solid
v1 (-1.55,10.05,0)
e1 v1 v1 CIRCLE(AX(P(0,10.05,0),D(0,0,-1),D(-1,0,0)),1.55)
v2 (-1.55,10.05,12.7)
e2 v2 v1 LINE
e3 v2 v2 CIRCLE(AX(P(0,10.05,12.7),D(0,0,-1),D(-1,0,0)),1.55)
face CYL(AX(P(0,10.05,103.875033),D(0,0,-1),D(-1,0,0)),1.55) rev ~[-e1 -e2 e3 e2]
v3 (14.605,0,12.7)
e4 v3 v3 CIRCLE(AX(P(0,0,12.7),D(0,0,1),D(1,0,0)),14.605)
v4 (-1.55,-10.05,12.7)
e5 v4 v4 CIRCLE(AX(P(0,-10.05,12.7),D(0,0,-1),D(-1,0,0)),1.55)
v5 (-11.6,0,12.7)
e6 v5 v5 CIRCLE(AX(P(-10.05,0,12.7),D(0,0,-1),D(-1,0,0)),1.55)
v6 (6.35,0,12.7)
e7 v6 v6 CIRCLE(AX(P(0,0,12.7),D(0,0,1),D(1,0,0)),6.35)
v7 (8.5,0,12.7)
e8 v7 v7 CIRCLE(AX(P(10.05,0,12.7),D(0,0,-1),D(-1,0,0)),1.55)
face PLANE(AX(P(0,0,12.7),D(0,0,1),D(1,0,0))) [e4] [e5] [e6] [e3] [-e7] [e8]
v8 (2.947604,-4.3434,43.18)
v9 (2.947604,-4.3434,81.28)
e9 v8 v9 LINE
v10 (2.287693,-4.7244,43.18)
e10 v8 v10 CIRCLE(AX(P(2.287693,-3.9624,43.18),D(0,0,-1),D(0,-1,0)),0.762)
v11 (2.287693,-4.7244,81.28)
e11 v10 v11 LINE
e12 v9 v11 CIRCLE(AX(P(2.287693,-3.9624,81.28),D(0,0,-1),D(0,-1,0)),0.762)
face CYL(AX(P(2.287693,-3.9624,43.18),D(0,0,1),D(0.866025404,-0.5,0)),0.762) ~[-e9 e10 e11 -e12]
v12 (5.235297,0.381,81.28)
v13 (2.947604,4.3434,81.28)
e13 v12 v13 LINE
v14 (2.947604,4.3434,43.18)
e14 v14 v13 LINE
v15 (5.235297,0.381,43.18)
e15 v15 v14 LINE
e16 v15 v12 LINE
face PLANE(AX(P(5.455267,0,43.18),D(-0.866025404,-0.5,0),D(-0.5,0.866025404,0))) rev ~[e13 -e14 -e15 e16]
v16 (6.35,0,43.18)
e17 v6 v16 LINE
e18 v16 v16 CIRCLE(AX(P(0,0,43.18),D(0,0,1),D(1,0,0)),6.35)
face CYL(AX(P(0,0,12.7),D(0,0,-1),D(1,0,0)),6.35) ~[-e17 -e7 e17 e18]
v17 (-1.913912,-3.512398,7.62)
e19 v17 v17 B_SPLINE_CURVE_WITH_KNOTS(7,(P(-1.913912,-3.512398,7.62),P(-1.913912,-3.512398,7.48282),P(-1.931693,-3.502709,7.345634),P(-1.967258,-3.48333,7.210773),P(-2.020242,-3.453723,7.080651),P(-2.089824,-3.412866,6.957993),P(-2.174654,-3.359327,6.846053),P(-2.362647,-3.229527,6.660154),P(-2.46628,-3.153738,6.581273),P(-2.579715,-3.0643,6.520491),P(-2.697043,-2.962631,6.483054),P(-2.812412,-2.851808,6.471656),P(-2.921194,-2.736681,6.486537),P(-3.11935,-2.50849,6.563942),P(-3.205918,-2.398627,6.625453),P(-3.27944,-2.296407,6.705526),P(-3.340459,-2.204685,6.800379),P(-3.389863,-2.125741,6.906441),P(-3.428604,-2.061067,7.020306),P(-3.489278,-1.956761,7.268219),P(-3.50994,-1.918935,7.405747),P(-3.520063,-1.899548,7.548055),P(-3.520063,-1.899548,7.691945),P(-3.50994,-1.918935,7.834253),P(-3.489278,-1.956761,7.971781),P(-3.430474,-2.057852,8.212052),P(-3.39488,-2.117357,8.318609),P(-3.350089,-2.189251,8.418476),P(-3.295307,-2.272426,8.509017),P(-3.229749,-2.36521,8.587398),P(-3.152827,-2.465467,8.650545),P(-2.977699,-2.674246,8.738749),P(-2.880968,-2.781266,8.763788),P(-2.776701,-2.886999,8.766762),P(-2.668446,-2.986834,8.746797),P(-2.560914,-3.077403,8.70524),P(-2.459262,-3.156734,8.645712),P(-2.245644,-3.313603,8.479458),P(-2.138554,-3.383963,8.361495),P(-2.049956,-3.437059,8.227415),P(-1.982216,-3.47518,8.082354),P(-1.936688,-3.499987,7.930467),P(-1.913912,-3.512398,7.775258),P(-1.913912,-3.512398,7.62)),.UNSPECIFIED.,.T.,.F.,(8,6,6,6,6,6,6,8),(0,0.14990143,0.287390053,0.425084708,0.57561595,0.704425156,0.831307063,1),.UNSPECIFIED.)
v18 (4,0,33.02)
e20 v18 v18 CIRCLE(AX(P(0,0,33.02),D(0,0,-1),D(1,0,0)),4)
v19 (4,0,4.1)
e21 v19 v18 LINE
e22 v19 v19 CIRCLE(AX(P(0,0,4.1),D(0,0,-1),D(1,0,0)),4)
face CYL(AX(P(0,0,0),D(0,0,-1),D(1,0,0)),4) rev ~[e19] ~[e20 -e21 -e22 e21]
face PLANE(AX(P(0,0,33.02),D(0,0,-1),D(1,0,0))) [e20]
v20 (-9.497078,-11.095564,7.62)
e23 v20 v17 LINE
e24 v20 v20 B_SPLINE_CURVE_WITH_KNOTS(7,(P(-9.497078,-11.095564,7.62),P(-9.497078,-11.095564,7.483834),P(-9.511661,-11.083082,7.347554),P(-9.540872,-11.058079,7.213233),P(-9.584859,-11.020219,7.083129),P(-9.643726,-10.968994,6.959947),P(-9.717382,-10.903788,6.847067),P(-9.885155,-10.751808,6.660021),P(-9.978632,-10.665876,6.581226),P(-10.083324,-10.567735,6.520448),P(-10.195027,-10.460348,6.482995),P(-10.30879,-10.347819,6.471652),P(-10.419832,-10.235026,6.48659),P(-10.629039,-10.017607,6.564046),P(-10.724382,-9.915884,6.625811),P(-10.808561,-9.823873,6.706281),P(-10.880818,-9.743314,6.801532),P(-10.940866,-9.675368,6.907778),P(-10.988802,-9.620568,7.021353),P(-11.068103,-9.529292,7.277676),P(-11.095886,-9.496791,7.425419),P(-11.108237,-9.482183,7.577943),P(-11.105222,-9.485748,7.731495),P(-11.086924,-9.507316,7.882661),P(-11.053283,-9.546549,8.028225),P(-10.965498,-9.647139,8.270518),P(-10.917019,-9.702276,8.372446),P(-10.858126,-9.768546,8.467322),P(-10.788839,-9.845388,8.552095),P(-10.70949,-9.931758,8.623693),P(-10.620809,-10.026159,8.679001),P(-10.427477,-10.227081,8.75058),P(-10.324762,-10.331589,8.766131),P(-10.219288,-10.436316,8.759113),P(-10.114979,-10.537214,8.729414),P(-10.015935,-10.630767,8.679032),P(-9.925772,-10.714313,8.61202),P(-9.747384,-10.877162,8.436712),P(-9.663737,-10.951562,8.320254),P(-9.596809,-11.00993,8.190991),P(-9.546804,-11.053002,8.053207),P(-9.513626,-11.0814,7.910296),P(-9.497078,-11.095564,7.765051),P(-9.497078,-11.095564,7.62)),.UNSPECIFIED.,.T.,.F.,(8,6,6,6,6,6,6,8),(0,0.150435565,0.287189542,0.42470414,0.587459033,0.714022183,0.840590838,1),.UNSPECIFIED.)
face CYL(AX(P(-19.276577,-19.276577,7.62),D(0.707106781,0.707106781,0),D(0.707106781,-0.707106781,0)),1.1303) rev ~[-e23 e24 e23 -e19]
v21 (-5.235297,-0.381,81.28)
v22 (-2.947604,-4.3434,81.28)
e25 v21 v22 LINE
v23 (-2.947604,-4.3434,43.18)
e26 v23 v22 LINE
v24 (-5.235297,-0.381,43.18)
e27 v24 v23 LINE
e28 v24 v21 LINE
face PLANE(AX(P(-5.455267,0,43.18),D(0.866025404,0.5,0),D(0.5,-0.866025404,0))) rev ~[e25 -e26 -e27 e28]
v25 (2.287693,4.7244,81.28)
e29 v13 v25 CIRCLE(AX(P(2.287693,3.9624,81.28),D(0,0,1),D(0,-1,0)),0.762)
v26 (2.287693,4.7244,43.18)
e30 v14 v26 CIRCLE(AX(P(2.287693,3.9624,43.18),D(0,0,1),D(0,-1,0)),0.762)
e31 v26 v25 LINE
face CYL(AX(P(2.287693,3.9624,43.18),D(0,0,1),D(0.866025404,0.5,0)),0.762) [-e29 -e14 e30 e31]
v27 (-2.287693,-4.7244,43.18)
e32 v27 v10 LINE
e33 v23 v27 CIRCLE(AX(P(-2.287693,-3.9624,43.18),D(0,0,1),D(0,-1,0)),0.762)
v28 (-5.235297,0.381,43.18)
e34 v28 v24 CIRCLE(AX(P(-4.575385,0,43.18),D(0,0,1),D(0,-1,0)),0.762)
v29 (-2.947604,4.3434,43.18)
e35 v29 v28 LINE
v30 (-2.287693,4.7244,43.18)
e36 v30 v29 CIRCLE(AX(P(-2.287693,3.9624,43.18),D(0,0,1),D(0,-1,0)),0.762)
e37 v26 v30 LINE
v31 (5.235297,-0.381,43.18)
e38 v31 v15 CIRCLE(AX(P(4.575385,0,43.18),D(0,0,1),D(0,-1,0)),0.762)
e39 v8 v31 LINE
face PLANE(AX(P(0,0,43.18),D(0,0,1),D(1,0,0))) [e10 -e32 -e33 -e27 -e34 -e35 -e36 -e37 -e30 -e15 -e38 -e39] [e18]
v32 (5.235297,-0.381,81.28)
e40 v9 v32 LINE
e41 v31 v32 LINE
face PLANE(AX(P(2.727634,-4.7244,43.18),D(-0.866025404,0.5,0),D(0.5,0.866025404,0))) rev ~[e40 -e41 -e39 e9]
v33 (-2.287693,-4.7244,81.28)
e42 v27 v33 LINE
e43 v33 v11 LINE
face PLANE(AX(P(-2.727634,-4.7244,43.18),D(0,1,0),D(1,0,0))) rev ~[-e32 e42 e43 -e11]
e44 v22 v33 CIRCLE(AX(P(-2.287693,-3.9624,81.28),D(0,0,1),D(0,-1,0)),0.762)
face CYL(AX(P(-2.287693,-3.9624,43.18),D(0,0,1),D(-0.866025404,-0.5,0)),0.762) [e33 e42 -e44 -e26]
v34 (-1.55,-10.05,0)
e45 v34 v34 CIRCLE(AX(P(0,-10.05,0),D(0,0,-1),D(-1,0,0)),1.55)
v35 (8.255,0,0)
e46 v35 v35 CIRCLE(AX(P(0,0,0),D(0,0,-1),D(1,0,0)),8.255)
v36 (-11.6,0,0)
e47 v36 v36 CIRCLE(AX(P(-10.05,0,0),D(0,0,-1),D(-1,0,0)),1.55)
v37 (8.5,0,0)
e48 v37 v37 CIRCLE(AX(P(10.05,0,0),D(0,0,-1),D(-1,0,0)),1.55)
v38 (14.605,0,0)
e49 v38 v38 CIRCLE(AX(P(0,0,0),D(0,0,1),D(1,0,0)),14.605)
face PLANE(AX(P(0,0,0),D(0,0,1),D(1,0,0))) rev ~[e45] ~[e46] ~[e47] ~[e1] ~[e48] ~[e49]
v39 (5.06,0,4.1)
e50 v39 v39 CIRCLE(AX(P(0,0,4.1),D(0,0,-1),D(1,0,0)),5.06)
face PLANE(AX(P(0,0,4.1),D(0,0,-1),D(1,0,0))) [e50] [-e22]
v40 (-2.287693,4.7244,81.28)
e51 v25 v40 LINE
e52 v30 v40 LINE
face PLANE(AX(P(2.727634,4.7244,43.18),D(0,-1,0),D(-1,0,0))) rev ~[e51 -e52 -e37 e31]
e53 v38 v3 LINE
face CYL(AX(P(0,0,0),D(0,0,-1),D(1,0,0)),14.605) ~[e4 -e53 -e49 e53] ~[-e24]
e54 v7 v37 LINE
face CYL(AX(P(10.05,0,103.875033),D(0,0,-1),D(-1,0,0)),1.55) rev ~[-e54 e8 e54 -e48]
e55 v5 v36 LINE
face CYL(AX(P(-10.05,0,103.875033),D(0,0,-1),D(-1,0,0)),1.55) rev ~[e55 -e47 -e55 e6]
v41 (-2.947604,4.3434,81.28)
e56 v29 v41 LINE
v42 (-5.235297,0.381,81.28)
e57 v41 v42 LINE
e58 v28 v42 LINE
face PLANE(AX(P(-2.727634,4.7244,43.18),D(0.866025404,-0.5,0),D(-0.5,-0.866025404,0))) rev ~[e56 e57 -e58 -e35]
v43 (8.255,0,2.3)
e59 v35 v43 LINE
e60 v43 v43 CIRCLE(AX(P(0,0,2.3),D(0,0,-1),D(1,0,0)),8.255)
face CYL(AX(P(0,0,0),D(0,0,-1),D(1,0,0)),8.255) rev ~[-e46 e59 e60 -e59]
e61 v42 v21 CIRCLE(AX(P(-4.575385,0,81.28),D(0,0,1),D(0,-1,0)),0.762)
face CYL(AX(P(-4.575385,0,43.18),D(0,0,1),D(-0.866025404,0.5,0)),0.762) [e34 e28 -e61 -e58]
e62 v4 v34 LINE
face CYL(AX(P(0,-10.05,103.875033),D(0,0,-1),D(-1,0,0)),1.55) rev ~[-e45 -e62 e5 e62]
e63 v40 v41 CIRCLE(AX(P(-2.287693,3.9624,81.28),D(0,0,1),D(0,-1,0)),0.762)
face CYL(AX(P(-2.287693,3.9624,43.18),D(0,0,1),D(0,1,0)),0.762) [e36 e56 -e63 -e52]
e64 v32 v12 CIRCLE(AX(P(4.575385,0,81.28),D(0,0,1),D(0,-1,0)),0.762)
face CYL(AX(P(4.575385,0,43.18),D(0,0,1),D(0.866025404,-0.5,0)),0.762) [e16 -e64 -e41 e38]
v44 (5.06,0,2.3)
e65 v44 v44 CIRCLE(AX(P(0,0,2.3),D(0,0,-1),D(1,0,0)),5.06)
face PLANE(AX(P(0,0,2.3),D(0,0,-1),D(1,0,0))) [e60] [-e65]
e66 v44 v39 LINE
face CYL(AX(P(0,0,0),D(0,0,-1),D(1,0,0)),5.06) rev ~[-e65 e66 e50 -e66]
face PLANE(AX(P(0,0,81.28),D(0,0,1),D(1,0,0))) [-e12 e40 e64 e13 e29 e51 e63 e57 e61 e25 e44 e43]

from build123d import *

# Parameters (mm, degrees)
F0_R      = 14.605
F1_DEPTH  = 12.7
F2_R      = 6.35
F3_DEPTH  = 30.48
F5_DEPTH  = 38.1
F6_R      = 8.255
F7_DEPTH  = 2.3
F8_R      = 5.06
F9_DEPTH  = 4.1
F11_D     = 3.1
F12_R     = 0.762
F13_R     = 4
F14_DEPTH = 33.02
F20_D     = 2.2606
F20_DEPTH = 12.7
F20_START = 0.0438035
F20_TIP   = 0.6791527577


with BuildPart() as f1:
    # F0 (on Top) → F1 (new body)
    with BuildSketch(Plane.XY):
        Circle(F0_R)
    extrude(amount=F1_DEPTH)

    # F2 (on face) → F3 (join)
    with BuildSketch(Plane.XY.offset(12.7)):
        Circle(F2_R)
    extrude(amount=F3_DEPTH)

    # F4 (on face) → F5 (join)
    with BuildSketch(Plane.XY.offset(43.18)):
        Polygon((2.7276336118, -4.7244), (5.4552672235, 0), (2.7276336118, 4.7244), (-2.7276336118, 4.7244), (-5.4552672235, 0), (-2.7276336118, -4.7244), align=None)
    extrude(amount=F5_DEPTH)

    # F6 (on face) → F7 (cut)
    with BuildSketch(Plane(origin=(0, 0, 0), x_dir=(1, 0, 0), z_dir=(0, 0, -1))):
        Circle(F6_R)
    extrude(amount=-F7_DEPTH, mode=Mode.SUBTRACT)

    # F8 (on face) → F9 (cut)
    with BuildSketch(Plane(origin=(0, 0, 0), x_dir=(1, 0, 0), z_dir=(0, 0, -1))):
        Circle(F8_R)
    extrude(amount=-F9_DEPTH, mode=Mode.SUBTRACT)

    # F11 (through all)
    with Locations(Plane.XY.offset(12.7)):
        with Locations((0, -10.05), (-10.05, 0), (0, 10.05), (10.05, 0)):
            Hole(F11_D / 2)

    # F12
    f12_edges = [f1.edges().sort_by_distance(p)[0] for p in [
        (-2.727634, -4.7244, 62.23),
        (2.727634, -4.7244, 62.23),
        (5.455267, 0, 62.23),
        (2.727634, 4.7244, 62.23),
        (-2.727634, 4.7244, 62.23),
        (-5.455267, 0, 62.23),
    ]]
    fillet(f12_edges, radius=F12_R)

    # F13 (on face) → F14 (cut)
    with BuildSketch(Plane(origin=(0, 0, 0), x_dir=(1, 0, 0), z_dir=(0, 0, -1))):
        Circle(F13_R)
    extrude(amount=-F14_DEPTH, mode=Mode.SUBTRACT)

    # F20
    # its depths count from where the whole tool has entered the part; down to there all is cleared
    with Locations(Plane(origin=(-10.3272945392, -10.3272945392, 0), x_dir=(-0.7071067812, 0.7071067812, 0), z_dir=(-0.7071067812, -0.7071067812, 0)).offset(-F20_START)):
        with Locations((0, -7.62)):
            Hole(F20_D / 2, depth=F20_DEPTH)
            with Locations((0, 0, -(F20_DEPTH + F20_TIP / 2))):  # 118° drill point
                Cone(0, F20_D / 2, F20_TIP, mode=Mode.SUBTRACT)


solid = f1.part
